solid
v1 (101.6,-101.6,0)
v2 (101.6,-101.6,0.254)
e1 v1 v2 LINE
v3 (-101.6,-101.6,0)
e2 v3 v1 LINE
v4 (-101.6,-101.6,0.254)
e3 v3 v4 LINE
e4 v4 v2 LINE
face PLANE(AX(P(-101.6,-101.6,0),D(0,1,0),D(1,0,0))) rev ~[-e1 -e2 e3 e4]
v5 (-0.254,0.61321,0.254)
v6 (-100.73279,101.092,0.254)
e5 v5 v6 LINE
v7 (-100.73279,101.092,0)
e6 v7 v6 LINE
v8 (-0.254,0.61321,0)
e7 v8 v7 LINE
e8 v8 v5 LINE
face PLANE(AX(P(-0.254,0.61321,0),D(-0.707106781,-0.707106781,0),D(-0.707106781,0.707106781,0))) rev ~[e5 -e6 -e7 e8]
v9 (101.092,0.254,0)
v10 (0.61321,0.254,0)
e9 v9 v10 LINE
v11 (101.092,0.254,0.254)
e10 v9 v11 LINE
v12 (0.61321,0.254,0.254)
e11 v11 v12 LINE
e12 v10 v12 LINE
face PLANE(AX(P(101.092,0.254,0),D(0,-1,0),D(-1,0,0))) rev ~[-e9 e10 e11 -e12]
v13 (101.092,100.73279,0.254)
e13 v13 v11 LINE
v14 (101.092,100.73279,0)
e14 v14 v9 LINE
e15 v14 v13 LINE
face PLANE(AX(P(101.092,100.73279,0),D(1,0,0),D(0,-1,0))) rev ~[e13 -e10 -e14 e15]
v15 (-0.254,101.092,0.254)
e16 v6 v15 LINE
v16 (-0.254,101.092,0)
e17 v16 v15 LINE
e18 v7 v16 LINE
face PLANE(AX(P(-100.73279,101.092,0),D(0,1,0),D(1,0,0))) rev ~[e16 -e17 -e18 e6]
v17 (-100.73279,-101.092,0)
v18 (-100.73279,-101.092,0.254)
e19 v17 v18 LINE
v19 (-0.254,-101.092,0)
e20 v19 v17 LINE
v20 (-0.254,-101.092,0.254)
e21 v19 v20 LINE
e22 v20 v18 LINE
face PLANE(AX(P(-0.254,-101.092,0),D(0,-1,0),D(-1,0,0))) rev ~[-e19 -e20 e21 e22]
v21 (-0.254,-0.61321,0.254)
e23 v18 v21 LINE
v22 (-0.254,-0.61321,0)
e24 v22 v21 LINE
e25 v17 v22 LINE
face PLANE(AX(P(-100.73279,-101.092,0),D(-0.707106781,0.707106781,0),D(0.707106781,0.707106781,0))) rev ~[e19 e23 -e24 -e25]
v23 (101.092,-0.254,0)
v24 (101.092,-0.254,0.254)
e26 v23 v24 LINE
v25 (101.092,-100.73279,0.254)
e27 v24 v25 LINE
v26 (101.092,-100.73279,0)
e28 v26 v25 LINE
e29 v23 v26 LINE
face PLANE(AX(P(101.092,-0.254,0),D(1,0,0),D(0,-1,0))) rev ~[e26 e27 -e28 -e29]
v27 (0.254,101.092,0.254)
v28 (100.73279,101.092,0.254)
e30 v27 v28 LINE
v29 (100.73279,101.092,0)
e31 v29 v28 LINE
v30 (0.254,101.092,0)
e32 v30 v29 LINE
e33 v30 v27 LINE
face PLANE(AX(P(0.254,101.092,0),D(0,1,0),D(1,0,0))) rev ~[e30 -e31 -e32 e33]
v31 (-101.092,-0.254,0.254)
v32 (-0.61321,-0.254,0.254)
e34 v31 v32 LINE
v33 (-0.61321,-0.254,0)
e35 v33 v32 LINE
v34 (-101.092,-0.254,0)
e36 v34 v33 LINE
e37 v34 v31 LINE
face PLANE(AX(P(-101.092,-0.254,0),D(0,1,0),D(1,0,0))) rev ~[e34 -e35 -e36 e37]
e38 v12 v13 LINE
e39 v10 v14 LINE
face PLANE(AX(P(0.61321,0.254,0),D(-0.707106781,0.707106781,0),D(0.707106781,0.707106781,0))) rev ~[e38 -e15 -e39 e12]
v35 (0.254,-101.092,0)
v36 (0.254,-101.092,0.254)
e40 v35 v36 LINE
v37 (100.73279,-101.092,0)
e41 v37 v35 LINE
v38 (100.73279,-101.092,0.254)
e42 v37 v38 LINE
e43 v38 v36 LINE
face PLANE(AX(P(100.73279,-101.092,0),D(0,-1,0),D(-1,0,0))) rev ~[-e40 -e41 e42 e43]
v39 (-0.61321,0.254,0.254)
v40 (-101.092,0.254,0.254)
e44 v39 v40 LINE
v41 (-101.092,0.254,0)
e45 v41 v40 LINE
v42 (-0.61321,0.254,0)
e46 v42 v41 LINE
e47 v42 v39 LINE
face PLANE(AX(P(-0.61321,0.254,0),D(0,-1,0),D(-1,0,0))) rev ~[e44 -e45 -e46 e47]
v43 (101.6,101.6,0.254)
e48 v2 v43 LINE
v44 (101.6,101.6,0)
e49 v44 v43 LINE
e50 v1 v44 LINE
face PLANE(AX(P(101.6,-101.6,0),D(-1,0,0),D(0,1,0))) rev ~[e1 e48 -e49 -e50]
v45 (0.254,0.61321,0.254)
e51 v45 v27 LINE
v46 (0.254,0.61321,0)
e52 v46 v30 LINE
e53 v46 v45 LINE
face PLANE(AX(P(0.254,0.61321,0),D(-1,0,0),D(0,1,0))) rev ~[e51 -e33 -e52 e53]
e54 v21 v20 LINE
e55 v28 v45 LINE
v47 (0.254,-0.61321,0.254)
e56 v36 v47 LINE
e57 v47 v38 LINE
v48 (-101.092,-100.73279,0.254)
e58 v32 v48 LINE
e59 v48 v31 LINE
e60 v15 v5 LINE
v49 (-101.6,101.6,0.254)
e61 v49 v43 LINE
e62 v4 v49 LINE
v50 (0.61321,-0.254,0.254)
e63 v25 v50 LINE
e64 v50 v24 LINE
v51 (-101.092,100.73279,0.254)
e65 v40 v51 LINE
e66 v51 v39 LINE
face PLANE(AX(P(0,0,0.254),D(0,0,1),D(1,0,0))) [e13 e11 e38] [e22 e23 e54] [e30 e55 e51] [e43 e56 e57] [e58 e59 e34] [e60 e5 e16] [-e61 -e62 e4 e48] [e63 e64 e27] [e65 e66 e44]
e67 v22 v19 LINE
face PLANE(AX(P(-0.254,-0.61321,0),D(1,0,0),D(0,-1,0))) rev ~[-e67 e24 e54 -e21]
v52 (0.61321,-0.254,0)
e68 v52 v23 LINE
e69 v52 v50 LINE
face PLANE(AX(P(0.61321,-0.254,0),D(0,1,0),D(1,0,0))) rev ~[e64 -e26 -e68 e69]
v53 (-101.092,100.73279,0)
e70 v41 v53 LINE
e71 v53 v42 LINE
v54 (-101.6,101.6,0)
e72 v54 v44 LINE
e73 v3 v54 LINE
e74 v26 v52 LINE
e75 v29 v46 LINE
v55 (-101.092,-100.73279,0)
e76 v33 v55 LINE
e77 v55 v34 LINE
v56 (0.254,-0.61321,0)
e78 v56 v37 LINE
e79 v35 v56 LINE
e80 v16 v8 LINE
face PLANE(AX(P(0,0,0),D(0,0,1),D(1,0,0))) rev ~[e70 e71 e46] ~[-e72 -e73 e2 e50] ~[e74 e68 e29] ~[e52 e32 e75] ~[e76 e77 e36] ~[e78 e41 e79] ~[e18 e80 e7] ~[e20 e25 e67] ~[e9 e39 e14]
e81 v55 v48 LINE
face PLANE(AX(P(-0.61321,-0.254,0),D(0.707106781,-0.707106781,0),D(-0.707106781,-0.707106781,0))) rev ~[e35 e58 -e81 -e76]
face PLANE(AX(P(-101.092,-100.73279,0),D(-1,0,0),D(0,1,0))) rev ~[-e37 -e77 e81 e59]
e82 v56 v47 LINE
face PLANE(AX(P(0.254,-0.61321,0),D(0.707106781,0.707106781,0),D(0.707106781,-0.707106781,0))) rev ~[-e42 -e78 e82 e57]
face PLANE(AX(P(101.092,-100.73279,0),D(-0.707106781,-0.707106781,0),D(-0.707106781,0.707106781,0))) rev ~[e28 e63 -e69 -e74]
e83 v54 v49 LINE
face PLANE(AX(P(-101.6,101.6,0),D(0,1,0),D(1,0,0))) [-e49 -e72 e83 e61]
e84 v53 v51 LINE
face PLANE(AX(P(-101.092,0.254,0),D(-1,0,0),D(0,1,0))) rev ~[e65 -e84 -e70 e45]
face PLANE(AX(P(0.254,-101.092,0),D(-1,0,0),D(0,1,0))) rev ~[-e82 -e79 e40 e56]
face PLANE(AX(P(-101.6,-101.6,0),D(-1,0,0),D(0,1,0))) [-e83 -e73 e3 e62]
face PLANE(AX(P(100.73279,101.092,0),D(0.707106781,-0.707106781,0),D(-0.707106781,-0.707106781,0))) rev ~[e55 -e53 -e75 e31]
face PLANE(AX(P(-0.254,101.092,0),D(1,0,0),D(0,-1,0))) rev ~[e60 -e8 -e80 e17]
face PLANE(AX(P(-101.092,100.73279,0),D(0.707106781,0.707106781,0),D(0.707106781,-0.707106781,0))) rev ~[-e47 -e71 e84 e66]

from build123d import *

# Parameters (mm, degrees)
F1_W     = 203.2
F1_H     = 203.2
F2_DEPTH = 0.254


with BuildPart() as f2:
    # F1 (on Top) → F2 (new body)
    with BuildSketch(Plane.XY):
        Rectangle(F1_W, F1_H)
        Polygon((-0.254, -101.092), (-100.73279, -101.092), (-0.254, -0.61321), align=None, mode=Mode.SUBTRACT)
        Polygon((-0.61321, -0.254), (-101.092, -100.73279), (-101.092, -0.254), align=None, mode=Mode.SUBTRACT)
        Polygon((100.73279, -101.092), (0.254, -101.092), (0.254, -0.61321), align=None, mode=Mode.SUBTRACT)
        Polygon((101.092, -0.254), (101.092, -100.73279), (0.61321, -0.254), align=None, mode=Mode.SUBTRACT)
        Polygon((-101.092, 0.254), (-101.092, 100.73279), (-0.61321, 0.254), align=None, mode=Mode.SUBTRACT)
        Polygon((-0.254, 0.61321), (-100.73279, 101.092), (-0.254, 101.092), align=None, mode=Mode.SUBTRACT)
        Polygon((0.61321, 0.254), (101.092, 100.73279), (101.092, 0.254), align=None, mode=Mode.SUBTRACT)
        Polygon((0.254, 0.61321), (0.254, 101.092), (100.73279, 101.092), align=None, mode=Mode.SUBTRACT)
    extrude(amount=F2_DEPTH)


solid = f2.part
